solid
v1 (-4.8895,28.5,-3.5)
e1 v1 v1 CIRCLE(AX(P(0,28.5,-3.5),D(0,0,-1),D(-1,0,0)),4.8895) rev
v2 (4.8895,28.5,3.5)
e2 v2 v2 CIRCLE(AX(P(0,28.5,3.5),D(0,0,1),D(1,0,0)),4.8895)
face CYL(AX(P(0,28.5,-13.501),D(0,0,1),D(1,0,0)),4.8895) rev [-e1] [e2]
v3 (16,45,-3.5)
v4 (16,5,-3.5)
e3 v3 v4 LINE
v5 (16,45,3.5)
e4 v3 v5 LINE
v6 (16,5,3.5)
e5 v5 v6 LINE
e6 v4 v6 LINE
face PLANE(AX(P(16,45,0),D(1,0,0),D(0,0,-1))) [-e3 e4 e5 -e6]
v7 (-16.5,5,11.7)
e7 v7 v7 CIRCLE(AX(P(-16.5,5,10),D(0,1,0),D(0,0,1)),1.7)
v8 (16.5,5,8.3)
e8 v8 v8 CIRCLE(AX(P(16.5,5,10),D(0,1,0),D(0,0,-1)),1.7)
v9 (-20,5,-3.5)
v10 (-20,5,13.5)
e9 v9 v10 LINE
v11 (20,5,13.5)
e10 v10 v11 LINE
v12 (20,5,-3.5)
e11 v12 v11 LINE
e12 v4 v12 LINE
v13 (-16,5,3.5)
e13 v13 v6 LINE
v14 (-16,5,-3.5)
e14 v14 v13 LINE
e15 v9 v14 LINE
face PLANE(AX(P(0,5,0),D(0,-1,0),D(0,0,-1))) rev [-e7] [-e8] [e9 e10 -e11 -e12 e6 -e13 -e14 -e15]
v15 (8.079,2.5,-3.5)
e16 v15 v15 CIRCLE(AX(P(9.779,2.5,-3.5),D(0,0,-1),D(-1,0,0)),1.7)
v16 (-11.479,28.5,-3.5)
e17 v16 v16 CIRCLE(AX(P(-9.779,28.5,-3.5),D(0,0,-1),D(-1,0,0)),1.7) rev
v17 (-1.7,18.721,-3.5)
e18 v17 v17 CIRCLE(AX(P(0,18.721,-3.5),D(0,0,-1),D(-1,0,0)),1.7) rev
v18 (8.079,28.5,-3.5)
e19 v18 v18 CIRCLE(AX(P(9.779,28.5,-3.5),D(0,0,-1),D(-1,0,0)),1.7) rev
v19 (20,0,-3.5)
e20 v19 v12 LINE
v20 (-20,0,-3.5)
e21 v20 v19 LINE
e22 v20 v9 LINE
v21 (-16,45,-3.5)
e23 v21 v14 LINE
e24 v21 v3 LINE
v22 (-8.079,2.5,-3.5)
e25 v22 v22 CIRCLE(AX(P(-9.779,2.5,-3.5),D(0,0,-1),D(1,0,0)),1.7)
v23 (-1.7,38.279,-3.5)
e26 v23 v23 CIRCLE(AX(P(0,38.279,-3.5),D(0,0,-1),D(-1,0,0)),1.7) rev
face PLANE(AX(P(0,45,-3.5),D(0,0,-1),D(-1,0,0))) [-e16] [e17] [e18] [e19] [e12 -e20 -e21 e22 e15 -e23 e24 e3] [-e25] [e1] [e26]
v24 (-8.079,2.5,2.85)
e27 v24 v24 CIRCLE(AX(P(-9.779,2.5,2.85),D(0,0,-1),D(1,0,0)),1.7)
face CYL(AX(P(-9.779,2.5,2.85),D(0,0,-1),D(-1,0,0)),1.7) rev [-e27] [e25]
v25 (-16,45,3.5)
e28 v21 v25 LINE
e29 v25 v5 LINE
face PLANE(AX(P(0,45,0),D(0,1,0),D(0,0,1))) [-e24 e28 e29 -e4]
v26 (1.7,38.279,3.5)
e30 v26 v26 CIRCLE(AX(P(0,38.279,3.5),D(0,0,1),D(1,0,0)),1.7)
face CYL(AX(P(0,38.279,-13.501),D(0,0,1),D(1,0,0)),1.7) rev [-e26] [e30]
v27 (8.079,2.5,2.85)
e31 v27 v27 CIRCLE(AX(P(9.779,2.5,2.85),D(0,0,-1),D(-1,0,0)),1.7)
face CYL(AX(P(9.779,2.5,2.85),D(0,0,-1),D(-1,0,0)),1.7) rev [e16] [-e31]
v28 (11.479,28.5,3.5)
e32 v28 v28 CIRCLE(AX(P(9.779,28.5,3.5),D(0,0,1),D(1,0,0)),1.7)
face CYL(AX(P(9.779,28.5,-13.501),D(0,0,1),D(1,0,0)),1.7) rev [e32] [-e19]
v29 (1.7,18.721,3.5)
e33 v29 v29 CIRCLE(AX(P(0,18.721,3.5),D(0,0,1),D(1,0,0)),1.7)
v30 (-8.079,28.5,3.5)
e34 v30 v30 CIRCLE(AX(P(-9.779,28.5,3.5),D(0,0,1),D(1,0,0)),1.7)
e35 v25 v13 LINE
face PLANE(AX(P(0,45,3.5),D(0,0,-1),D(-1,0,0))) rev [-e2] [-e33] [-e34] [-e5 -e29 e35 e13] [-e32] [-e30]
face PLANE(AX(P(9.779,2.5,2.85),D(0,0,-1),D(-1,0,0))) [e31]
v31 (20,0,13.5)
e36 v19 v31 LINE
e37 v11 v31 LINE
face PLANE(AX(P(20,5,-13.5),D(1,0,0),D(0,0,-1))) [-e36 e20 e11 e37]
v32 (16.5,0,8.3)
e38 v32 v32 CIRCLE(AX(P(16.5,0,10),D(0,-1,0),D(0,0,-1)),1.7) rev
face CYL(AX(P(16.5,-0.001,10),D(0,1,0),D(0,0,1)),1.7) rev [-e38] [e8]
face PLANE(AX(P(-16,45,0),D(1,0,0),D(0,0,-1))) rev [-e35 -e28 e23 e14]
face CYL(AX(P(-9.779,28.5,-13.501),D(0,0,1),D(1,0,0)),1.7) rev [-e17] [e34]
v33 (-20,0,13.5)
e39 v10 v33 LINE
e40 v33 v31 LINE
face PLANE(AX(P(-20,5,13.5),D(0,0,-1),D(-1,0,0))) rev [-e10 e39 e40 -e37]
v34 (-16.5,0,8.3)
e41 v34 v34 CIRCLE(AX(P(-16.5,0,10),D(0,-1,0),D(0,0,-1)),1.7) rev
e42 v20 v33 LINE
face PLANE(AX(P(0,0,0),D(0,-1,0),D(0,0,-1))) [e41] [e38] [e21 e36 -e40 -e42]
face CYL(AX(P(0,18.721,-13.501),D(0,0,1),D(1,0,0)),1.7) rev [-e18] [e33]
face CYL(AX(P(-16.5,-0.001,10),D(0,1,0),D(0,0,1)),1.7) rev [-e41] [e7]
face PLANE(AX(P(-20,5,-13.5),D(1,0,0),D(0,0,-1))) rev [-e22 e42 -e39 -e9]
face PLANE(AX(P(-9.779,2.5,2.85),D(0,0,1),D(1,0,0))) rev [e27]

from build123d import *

# Parameters (mm, degrees)
SKETCH1_W           = 40
SKETCH1_H           = 27
SKETCH1_W_2         = 32
SKETCH1_H_2         = 7
BOSS_EXTRUDE1_DEPTH = 5
SKETCH1_3_W         = 32
SKETCH1_3_H         = 7
BOSS_EXTRUDE2_DEPTH = 45
CUT_EXTRUDE1_REACH  = 54.096
SKETCH2_R           = 4.8895
CUT_EXTRUDE2_REACH  = 54.096
SKETCH4_R           = 1.7
CUT_EXTRUDE3_REACH  = 48.715
SKETCH5_R           = 1.7
CUT_EXTRUDE5_REACH  = 48.715
SKETCH7_W           = 40
SKETCH7_H           = 10
SKETCH8_R           = 1.7
CUT_EXTRUDE6_DEPTH  = 6.35


with BuildPart() as part:
    # Sketch1 → Boss-Extrude1 (new body)
    with BuildSketch(Plane(origin=(0, 0, 0), x_dir=(1, 0, 0), z_dir=(0, 1, 0))):
        Rectangle(SKETCH1_W, SKETCH1_H)
        Rectangle(SKETCH1_W_2, SKETCH1_H_2, mode=Mode.SUBTRACT)
    extrude(amount=BOSS_EXTRUDE1_DEPTH)

    # Sketch1<3> → Boss-Extrude2 (add)
    with BuildSketch(Plane(origin=(0, 0, 0), x_dir=(1, 0, 0), z_dir=(0, 1, 0))):
        Rectangle(SKETCH1_3_W, SKETCH1_3_H)
    extrude(amount=BOSS_EXTRUDE2_DEPTH)

    # Sketch2 → Cut-Extrude1 (cut, up to next)
    with BuildSketch(Plane.XY.offset(3.5), mode=Mode.PRIVATE) as cut_extrude1_sk1:
        with Locations((0, 28.5)):
            Circle(SKETCH2_R)
    cut_extrude1_tool1 = extrude(cut_extrude1_sk1.sketch, amount=-CUT_EXTRUDE1_REACH, mode=Mode.PRIVATE) & part.part
    add(cut_extrude1_tool1.solids().sort_by_distance((0, 28.5, 3.5))[0], mode=Mode.SUBTRACT)

    # Sketch4 → Cut-Extrude2 (cut, up to next)
    with BuildSketch(Plane.XY.offset(3.5), mode=Mode.PRIVATE) as cut_extrude2_sk1:
        with Locations((0, 38.279)):
            Circle(SKETCH4_R)
    cut_extrude2_tool1 = extrude(cut_extrude2_sk1.sketch, amount=-CUT_EXTRUDE2_REACH, mode=Mode.PRIVATE) & part.part
    # Sketch4 → Cut-Extrude2 (cut, up to next)
    with BuildSketch(Plane.XY.offset(3.5), mode=Mode.PRIVATE) as cut_extrude2_sk2:
        with Locations((9.779, 28.5)):
            Circle(SKETCH4_R)
    cut_extrude2_tool2 = extrude(cut_extrude2_sk2.sketch, amount=-CUT_EXTRUDE2_REACH, mode=Mode.PRIVATE) & part.part
    # Sketch4 → Cut-Extrude2 (cut, up to next)
    with BuildSketch(Plane.XY.offset(3.5), mode=Mode.PRIVATE) as cut_extrude2_sk3:
        with Locations((0, 18.721)):
            Circle(SKETCH4_R)
    cut_extrude2_tool3 = extrude(cut_extrude2_sk3.sketch, amount=-CUT_EXTRUDE2_REACH, mode=Mode.PRIVATE) & part.part
    # Sketch4 → Cut-Extrude2 (cut, up to next)
    with BuildSketch(Plane.XY.offset(3.5), mode=Mode.PRIVATE) as cut_extrude2_sk4:
        with Locations((-9.779, 28.5)):
            Circle(SKETCH4_R)
    cut_extrude2_tool4 = extrude(cut_extrude2_sk4.sketch, amount=-CUT_EXTRUDE2_REACH, mode=Mode.PRIVATE) & part.part
    add(cut_extrude2_tool1.solids().sort_by_distance((0, 38.279, 3.5))[0], mode=Mode.SUBTRACT)
    add(cut_extrude2_tool2.solids().sort_by_distance((9.779, 28.5, 3.5))[0], mode=Mode.SUBTRACT)
    add(cut_extrude2_tool3.solids().sort_by_distance((0, 18.721, 3.5))[0], mode=Mode.SUBTRACT)
    add(cut_extrude2_tool4.solids().sort_by_distance((-9.779, 28.5, 3.5))[0], mode=Mode.SUBTRACT)

    # Sketch5 → Cut-Extrude3 (cut, up to next)
    with BuildSketch(Plane(origin=(0, 5, 0), x_dir=(1, 0, 0), z_dir=(0, 1, 0)), mode=Mode.PRIVATE) as cut_extrude3_sk1:
        with Locations((-16.5, 10)):
            Circle(SKETCH5_R)
    cut_extrude3_tool1 = extrude(cut_extrude3_sk1.sketch, amount=-CUT_EXTRUDE3_REACH, mode=Mode.PRIVATE) & part.part
    # Sketch5 → Cut-Extrude3 (cut, up to next)
    with BuildSketch(Plane(origin=(0, 5, 0), x_dir=(1, 0, 0), z_dir=(0, 1, 0)), mode=Mode.PRIVATE) as cut_extrude3_sk2:
        with Locations((-16.5, -10)):
            Circle(SKETCH5_R)
    cut_extrude3_tool2 = extrude(cut_extrude3_sk2.sketch, amount=-CUT_EXTRUDE3_REACH, mode=Mode.PRIVATE) & part.part
    # Sketch5 → Cut-Extrude3 (cut, up to next)
    with BuildSketch(Plane(origin=(0, 5, 0), x_dir=(1, 0, 0), z_dir=(0, 1, 0)), mode=Mode.PRIVATE) as cut_extrude3_sk3:
        with Locations((16.5, -10)):
            Circle(SKETCH5_R)
    cut_extrude3_tool3 = extrude(cut_extrude3_sk3.sketch, amount=-CUT_EXTRUDE3_REACH, mode=Mode.PRIVATE) & part.part
    # Sketch5 → Cut-Extrude3 (cut, up to next)
    with BuildSketch(Plane(origin=(0, 5, 0), x_dir=(1, 0, 0), z_dir=(0, 1, 0)), mode=Mode.PRIVATE) as cut_extrude3_sk4:
        with Locations((16.5, 10)):
            Circle(SKETCH5_R)
    cut_extrude3_tool4 = extrude(cut_extrude3_sk4.sketch, amount=-CUT_EXTRUDE3_REACH, mode=Mode.PRIVATE) & part.part
    add(cut_extrude3_tool1.solids().sort_by_distance((-16.5, 5, -10))[0], mode=Mode.SUBTRACT)
    add(cut_extrude3_tool2.solids().sort_by_distance((-16.5, 5, 10))[0], mode=Mode.SUBTRACT)
    add(cut_extrude3_tool3.solids().sort_by_distance((16.5, 5, 10))[0], mode=Mode.SUBTRACT)
    add(cut_extrude3_tool4.solids().sort_by_distance((16.5, 5, -10))[0], mode=Mode.SUBTRACT)

    # Sketch7 → Cut-Extrude5 (cut, up to next)
    with BuildSketch(Plane(origin=(0, 5, 0), x_dir=(1, 0, 0), z_dir=(0, 1, 0)), mode=Mode.PRIVATE) as cut_extrude5_sk1:
        with Locations((0, 8.5)):
            Rectangle(SKETCH7_W, SKETCH7_H)
    cut_extrude5_tool1 = extrude(cut_extrude5_sk1.sketch, amount=-CUT_EXTRUDE5_REACH, mode=Mode.PRIVATE) & part.part
    add(cut_extrude5_tool1.solids().sort_by_distance((0, 5, -8.5))[0], mode=Mode.SUBTRACT)

    # Sketch8 → Cut-Extrude6 (cut)
    with BuildSketch(Plane(origin=(0, 0, -3.5), x_dir=(-1, 0, 0), z_dir=(0, 0, -1))):
        with Locations((-9.779, 2.5)):
            Circle(SKETCH8_R)
        with Locations((9.779, 2.5)):
            Circle(SKETCH8_R)
    extrude(amount=-CUT_EXTRUDE6_DEPTH, mode=Mode.SUBTRACT)


solid = part.part
